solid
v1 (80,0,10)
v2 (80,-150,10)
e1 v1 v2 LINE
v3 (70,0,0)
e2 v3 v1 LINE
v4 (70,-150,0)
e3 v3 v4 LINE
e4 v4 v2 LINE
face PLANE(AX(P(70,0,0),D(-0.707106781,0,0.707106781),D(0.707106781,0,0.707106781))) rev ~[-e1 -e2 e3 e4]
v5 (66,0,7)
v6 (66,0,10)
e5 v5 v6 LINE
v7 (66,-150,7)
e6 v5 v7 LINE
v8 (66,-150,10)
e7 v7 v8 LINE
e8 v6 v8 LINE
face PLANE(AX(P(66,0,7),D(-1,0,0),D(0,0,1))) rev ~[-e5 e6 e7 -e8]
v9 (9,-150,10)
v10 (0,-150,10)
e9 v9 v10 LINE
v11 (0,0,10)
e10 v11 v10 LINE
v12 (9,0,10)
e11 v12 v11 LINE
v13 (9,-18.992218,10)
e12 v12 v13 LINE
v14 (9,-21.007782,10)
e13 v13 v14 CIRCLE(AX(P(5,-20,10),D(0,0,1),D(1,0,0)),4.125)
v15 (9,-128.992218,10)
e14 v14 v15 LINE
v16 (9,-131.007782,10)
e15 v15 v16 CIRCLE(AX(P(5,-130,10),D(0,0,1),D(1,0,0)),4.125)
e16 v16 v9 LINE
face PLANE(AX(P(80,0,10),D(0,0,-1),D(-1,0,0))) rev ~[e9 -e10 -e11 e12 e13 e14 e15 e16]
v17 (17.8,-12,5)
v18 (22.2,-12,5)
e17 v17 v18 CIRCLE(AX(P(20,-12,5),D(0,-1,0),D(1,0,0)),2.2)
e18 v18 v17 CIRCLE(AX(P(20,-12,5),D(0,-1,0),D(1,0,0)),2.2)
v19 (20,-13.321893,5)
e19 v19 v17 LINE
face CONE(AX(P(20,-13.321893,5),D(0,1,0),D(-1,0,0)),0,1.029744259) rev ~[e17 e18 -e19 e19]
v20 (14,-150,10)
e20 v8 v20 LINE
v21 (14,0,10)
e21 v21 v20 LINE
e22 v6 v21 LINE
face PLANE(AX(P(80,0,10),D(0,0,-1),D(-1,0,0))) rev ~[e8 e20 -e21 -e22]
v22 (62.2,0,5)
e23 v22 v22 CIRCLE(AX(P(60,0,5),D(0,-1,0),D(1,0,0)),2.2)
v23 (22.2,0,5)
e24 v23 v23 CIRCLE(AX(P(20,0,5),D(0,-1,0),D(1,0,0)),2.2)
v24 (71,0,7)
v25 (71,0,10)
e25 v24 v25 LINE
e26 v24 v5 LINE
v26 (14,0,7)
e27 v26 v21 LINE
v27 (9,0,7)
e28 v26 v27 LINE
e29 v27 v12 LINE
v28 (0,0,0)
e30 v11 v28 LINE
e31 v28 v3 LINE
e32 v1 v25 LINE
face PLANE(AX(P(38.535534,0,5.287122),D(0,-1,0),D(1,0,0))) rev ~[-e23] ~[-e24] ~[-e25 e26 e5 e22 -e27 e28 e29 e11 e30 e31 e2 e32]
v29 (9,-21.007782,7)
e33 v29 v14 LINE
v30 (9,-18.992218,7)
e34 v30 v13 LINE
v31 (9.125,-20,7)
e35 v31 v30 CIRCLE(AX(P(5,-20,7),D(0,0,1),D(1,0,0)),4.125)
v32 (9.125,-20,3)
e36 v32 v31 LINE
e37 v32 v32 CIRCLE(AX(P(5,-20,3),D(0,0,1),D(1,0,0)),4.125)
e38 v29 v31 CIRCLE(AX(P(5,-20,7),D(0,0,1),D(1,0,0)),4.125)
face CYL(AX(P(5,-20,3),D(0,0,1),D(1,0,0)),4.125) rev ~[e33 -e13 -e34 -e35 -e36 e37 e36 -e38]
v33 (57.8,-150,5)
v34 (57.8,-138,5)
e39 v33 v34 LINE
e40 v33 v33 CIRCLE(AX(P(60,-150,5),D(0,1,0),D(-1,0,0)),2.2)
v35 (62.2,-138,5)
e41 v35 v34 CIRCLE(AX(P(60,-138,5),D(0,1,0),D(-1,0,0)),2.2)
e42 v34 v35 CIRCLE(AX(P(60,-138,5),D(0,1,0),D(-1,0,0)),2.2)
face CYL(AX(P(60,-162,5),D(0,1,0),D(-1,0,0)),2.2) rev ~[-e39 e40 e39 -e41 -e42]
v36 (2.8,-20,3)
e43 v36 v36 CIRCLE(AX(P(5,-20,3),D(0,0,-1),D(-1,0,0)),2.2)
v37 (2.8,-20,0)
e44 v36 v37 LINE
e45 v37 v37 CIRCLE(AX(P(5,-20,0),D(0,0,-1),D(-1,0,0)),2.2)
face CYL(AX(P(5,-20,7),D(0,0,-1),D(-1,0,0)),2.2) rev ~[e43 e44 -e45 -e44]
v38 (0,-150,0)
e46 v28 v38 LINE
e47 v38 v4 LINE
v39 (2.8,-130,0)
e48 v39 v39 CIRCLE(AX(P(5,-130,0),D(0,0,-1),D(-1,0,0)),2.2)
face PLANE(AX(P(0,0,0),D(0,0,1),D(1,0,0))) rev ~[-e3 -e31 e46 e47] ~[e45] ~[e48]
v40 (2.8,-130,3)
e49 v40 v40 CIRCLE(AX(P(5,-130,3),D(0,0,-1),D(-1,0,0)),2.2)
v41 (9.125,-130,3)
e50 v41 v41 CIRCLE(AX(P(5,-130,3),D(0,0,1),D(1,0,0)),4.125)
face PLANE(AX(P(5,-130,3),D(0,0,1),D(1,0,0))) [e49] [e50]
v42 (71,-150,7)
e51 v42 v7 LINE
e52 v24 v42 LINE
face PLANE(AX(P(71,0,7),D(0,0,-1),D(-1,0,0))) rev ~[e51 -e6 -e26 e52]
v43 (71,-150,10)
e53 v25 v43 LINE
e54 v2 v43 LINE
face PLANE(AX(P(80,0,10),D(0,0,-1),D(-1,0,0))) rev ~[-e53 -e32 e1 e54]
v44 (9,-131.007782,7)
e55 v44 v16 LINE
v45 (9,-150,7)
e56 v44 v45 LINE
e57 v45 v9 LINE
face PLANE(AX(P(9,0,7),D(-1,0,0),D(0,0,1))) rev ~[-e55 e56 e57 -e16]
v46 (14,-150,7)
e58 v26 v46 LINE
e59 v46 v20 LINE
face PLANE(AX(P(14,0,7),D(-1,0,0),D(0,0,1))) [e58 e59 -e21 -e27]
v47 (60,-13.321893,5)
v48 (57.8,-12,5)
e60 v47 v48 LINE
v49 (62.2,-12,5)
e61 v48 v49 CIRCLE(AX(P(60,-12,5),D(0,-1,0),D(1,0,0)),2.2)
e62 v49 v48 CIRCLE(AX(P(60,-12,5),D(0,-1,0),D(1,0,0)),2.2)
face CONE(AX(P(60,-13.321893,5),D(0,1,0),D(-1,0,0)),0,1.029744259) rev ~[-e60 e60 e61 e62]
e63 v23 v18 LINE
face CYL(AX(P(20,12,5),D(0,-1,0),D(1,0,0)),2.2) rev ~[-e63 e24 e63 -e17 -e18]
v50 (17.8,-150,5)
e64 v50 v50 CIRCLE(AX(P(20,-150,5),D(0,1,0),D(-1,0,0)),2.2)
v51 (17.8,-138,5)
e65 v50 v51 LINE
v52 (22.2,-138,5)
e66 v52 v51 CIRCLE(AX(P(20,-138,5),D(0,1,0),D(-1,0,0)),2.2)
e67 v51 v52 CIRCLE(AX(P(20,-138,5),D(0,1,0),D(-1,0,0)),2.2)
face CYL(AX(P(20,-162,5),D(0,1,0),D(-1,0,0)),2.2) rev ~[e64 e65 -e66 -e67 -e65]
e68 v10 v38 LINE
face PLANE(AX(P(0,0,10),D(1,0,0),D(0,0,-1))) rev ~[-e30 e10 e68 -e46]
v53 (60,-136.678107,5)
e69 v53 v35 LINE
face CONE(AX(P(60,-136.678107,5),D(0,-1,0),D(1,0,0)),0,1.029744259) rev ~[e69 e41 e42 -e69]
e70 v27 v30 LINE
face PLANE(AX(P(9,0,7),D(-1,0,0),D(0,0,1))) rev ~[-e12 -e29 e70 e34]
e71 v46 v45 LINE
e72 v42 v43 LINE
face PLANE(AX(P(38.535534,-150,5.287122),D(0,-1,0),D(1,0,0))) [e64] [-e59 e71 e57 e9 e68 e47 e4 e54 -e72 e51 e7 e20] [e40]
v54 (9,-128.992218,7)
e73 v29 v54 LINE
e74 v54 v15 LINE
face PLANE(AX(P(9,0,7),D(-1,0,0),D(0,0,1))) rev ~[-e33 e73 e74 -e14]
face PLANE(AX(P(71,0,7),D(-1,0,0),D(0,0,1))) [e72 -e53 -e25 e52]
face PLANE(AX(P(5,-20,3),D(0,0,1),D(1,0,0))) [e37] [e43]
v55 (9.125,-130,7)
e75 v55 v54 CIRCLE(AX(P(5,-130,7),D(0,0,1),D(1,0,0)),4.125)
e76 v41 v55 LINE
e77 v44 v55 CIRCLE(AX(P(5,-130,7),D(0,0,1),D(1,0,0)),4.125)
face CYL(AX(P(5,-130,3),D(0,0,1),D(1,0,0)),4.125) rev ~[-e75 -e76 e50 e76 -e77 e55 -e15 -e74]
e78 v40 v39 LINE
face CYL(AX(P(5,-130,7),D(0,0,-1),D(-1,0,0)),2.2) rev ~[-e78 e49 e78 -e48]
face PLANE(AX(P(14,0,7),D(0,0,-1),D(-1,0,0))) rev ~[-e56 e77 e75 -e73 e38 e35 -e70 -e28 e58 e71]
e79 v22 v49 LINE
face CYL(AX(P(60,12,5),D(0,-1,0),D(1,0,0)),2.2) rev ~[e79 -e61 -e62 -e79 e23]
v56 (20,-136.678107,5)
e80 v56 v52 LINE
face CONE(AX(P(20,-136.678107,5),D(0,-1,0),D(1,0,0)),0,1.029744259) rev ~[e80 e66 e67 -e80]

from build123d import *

# Parameters (mm, degrees)
F1_DEPTH       = 150
F3_D           = 4.4
F3_DEPTH       = 12
F3_TIP         = 1.3218933619
F5_D           = 4.4
F5_DEPTH       = 12
F5_TIP         = 1.3218933619
F6_W           = 5
F6_H           = 3
F7_DEPTH       = 150
F9_D           = 4.4
F9_DEPTH       = 14.1
F9_START       = 3
F9_CBORE_D     = 8.25
F9_CBORE_DEPTH = 4
F9_TIP         = 1.3218933619


with BuildPart() as f1:
    # F0 (on Front) → F1 (new body)
    with BuildSketch(Plane.XZ):
        Polygon((0, 10), (0, 0), (70, 0), (80, 10), align=None)
    extrude(amount=F1_DEPTH)

    # F3
    with Locations(Plane.XZ.offset(150)):
        with Locations((20, 5), (60, 5)):
            Hole(F3_D / 2, depth=F3_DEPTH)
            with Locations((0, 0, -(F3_DEPTH + F3_TIP / 2))):  # 118° drill point
                Cone(0, F3_D / 2, F3_TIP, mode=Mode.SUBTRACT)

    # F5
    with Locations(Plane(origin=(0, 0, 0), x_dir=(-1, 0, 0), z_dir=(0, 1, 0))):
        with Locations((-60, 5), (-20, 5)):
            Hole(F5_D / 2, depth=F5_DEPTH)
            with Locations((0, 0, -(F5_DEPTH + F5_TIP / 2))):  # 118° drill point
                Cone(0, F5_D / 2, F5_TIP, mode=Mode.SUBTRACT)

    # F6 (on face) → F7 (cut, through all)
    with BuildSketch(Plane(origin=(0, 0, 0), x_dir=(-1, 0, 0), z_dir=(0, 1, 0))):
        with Locations((-68.5, 8.5)):
            Rectangle(F6_W, F6_H)
        with Locations((-11.5, 8.5)):
            Rectangle(F6_W, F6_H)
    extrude(amount=-F7_DEPTH, mode=Mode.SUBTRACT)

    # F9
    # its depths count from where the whole tool has entered the part; down to there all is cleared
    with Locations(Plane.XY.offset(10).offset(-F9_START)):
        with Locations((5, -130), (5, -20)):
            CounterBoreHole(F9_D / 2, F9_CBORE_D / 2, F9_CBORE_DEPTH, depth=F9_DEPTH)
            with Locations((0, 0, -(F9_DEPTH + F9_TIP / 2))):  # 118° drill point
                Cone(0, F9_D / 2, F9_TIP, mode=Mode.SUBTRACT)


solid = f1.part
